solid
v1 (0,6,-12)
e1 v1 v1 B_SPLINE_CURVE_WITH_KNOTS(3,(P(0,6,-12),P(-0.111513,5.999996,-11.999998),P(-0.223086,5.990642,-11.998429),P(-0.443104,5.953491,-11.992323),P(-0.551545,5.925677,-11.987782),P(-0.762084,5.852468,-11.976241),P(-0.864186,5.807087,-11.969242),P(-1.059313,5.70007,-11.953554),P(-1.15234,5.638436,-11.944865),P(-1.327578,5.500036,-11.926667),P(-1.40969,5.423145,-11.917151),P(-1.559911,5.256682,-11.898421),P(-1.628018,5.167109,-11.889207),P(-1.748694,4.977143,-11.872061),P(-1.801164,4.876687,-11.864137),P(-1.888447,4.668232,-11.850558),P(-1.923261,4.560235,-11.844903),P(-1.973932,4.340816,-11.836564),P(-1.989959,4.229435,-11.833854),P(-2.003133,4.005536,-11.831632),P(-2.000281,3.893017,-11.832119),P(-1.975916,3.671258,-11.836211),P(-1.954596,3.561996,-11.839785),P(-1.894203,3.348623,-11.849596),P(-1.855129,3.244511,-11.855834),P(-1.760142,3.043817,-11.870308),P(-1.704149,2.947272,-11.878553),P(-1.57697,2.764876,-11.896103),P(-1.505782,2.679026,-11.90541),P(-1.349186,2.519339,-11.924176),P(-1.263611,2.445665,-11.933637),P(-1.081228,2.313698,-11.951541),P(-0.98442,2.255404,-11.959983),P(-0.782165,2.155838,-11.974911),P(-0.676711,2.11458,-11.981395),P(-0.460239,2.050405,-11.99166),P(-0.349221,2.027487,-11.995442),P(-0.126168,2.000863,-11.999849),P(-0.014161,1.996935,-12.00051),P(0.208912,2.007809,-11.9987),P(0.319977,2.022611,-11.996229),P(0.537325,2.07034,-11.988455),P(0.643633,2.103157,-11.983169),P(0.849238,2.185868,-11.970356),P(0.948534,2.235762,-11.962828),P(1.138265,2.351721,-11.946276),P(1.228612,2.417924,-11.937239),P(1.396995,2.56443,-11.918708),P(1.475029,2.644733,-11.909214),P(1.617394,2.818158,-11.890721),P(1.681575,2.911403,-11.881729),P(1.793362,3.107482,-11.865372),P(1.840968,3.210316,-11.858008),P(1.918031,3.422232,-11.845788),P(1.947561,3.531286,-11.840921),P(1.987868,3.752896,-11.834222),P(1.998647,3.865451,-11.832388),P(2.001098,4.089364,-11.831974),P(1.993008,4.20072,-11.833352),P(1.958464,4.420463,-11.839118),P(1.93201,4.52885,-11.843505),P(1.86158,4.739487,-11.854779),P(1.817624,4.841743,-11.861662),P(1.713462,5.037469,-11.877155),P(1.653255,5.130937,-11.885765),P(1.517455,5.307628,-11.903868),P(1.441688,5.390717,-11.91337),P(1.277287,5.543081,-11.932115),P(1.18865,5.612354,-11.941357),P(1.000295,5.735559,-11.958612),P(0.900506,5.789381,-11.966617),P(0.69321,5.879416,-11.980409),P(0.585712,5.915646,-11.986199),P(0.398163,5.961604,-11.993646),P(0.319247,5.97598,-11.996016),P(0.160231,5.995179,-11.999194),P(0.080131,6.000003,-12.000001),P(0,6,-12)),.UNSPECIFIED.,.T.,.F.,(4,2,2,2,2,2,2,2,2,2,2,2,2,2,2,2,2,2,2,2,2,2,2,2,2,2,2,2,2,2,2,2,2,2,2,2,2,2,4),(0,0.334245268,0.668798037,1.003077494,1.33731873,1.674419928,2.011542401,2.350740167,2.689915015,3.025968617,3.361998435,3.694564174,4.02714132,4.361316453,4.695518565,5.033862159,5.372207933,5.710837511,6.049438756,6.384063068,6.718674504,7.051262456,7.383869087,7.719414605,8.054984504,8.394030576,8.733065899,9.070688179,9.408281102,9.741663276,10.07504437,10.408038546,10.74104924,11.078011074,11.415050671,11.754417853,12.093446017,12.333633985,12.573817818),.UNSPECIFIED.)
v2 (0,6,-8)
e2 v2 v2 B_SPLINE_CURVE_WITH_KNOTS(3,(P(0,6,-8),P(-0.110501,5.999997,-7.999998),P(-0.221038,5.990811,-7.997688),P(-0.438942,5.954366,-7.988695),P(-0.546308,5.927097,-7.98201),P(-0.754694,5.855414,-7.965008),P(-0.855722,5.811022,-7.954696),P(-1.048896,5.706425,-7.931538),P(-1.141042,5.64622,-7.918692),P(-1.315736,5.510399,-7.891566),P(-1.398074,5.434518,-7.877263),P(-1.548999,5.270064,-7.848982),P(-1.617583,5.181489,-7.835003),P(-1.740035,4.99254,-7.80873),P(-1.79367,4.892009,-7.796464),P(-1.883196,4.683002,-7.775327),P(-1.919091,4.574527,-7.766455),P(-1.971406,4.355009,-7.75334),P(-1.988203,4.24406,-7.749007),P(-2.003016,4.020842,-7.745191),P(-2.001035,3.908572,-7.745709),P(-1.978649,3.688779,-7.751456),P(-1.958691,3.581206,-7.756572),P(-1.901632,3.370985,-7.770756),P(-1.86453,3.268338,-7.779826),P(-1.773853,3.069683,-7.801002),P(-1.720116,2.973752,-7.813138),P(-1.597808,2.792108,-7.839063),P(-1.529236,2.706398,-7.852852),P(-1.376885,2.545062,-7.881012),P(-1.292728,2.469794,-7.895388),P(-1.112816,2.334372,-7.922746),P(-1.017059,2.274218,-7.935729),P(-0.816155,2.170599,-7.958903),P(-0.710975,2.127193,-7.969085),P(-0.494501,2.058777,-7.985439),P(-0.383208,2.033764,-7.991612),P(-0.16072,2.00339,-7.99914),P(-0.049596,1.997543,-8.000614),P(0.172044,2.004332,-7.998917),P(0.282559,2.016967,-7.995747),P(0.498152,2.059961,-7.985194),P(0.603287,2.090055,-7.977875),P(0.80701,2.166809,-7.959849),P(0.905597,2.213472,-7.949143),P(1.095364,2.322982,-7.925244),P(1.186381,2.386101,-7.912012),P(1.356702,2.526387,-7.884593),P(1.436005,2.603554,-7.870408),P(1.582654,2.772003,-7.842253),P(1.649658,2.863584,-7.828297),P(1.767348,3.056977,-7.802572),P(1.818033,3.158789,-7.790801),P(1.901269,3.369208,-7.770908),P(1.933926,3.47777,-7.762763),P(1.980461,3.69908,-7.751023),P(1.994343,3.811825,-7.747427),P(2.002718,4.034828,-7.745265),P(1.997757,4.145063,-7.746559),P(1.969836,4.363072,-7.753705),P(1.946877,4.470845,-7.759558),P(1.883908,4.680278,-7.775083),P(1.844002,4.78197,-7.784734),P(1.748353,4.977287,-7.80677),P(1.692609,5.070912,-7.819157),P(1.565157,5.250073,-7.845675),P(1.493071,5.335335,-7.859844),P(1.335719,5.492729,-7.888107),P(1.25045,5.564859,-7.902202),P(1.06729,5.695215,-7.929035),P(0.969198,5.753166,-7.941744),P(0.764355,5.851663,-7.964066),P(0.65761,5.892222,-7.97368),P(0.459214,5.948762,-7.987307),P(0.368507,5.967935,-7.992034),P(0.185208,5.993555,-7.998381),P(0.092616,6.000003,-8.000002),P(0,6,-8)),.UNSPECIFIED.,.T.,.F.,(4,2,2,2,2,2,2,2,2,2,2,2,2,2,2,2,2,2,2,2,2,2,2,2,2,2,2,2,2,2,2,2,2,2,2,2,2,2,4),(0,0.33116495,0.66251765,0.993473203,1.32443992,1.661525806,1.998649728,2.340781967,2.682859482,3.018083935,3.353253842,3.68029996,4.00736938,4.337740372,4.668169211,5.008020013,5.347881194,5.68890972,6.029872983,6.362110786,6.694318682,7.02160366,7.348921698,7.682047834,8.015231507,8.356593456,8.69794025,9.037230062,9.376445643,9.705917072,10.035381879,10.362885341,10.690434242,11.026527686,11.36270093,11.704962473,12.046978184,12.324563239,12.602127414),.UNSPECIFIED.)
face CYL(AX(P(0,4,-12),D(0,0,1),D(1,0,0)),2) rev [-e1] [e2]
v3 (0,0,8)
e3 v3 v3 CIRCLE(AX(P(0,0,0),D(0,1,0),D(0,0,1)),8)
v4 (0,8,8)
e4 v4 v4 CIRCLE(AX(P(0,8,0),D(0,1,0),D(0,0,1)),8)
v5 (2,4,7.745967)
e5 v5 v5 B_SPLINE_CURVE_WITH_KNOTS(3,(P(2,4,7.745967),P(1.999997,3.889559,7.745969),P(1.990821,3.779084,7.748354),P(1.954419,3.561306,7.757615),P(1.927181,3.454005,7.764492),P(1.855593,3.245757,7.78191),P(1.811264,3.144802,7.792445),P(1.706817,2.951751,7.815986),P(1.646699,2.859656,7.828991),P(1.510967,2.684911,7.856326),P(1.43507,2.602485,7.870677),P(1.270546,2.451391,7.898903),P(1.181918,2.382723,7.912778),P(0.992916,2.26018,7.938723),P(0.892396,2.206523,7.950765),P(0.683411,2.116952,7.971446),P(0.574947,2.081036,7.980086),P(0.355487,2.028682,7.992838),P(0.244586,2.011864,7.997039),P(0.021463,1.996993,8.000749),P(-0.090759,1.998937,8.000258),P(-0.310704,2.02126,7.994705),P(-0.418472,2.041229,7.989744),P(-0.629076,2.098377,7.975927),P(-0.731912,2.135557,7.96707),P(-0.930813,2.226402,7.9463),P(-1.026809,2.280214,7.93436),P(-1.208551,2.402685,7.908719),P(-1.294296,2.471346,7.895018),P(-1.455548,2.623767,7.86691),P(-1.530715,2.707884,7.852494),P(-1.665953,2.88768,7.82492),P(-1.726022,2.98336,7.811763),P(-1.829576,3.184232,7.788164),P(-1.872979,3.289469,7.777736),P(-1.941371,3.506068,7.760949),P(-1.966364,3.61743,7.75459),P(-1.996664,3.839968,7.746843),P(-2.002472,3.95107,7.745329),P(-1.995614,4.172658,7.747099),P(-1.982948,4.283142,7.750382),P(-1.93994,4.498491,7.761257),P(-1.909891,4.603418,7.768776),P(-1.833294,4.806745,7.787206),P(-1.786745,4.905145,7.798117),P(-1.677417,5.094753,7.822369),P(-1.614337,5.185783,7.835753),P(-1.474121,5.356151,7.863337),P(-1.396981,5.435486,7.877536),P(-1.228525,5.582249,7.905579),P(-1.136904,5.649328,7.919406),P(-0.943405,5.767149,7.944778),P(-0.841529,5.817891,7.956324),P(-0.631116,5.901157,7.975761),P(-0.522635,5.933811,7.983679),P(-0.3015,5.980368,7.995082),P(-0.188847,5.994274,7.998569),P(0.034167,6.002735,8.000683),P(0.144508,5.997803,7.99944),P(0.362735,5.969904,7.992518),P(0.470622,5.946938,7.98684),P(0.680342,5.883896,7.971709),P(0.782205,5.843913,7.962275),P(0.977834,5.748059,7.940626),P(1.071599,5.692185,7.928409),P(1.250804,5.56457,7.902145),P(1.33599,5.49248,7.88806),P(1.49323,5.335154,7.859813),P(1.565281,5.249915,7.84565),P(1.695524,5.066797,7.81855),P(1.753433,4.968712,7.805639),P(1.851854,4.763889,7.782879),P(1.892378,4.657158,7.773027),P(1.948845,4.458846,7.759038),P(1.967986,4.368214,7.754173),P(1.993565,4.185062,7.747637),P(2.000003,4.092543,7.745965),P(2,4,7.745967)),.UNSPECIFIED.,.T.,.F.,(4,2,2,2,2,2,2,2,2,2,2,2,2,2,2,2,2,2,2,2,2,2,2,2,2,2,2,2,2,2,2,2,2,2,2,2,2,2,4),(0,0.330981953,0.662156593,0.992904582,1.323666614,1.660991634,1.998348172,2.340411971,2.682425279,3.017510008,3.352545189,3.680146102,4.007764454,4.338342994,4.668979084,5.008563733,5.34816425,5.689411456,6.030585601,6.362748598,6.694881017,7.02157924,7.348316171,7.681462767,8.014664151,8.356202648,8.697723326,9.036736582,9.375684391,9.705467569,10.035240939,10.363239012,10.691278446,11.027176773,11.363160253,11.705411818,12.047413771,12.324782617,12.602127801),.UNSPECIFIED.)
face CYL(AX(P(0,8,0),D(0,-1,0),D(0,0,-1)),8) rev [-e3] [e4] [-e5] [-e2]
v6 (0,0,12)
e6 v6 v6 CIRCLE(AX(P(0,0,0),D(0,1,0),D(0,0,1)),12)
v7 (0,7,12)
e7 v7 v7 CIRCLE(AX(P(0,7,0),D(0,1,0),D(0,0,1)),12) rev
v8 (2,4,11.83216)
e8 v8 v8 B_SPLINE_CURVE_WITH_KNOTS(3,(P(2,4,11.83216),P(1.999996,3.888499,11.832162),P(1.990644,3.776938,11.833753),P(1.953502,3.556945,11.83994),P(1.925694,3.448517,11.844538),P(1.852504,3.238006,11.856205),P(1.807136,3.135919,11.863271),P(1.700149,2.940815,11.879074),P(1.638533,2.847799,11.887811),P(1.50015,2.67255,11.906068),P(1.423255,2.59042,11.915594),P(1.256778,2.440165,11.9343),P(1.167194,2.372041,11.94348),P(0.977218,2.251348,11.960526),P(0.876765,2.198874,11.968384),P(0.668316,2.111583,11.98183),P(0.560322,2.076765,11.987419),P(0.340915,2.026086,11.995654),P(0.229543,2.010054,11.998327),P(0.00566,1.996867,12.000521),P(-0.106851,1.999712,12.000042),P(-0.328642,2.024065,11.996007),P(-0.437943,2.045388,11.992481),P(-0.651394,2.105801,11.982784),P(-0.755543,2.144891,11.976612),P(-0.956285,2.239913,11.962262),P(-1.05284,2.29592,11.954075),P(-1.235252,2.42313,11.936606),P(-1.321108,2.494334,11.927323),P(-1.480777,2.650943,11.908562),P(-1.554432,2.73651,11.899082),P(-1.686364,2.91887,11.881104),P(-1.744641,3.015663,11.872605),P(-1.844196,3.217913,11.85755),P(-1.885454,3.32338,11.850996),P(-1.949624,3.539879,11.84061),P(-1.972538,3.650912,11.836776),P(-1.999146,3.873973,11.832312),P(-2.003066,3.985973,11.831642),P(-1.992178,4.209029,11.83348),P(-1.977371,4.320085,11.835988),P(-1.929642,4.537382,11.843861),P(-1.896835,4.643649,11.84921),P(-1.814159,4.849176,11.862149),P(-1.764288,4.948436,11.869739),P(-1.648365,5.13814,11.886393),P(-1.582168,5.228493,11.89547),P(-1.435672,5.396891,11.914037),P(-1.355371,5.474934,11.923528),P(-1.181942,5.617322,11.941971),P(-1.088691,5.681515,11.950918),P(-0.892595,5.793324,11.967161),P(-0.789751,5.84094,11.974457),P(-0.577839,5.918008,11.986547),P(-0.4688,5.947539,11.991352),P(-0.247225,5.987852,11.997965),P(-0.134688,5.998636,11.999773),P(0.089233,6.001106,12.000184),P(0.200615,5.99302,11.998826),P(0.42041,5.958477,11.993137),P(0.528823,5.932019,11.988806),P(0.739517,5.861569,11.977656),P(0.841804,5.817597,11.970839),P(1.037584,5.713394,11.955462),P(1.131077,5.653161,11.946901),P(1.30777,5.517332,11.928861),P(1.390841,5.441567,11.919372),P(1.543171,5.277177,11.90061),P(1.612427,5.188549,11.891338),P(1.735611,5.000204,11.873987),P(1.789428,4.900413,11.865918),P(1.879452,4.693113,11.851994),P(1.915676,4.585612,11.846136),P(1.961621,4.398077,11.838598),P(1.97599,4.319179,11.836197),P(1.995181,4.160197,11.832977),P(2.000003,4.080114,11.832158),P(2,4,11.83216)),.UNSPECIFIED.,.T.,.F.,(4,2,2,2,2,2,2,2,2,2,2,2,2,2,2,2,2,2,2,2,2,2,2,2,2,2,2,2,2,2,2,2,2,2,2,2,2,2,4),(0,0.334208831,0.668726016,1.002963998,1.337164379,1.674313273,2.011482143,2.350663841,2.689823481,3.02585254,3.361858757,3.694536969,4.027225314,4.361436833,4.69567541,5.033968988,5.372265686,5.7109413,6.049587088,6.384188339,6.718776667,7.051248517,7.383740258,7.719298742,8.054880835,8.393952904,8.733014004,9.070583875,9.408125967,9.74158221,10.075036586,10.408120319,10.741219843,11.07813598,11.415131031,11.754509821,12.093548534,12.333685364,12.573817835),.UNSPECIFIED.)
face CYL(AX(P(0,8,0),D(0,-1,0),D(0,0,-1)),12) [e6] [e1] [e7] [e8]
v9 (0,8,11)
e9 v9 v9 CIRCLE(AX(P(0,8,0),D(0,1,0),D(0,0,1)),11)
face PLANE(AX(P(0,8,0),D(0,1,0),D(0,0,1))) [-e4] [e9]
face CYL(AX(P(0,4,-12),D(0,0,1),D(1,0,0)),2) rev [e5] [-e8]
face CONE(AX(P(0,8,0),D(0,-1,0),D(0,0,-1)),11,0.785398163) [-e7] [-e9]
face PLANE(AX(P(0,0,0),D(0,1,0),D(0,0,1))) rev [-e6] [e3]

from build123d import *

# Parameters (mm, degrees)
SKETCH2_R               = 12
SKETCH2_R_2             = 8
BOSS_EXTRUDE1_DEPTH     = 8
CUT_EXTRUDE1_DEPTH      = 19.761663039
CUT_EXTRUDE1_DEPTH_BACK = 19.761663039
SKETCH3_R               = 2
CHAMFER1_SIZE           = 1


with BuildPart() as part:
    # Sketch2 → Boss-Extrude1 (new body)
    with BuildSketch(Plane(origin=(0, 0, 0), x_dir=(1, 0, 0), z_dir=(0, 1, 0))):
        with Locations(Location((0, 0, 0), (0, 0, 270))):
            Circle(SKETCH2_R)
        with Locations(Location((0, 0, 0), (0, 0, 270))):
            Circle(SKETCH2_R_2, mode=Mode.SUBTRACT)
    extrude(amount=BOSS_EXTRUDE1_DEPTH)

    # Sketch3 → Cut-Extrude1 (cut, two sides: drawn at the far end of the back side and taken through both)
    with BuildSketch(Plane.XY.offset(-CUT_EXTRUDE1_DEPTH_BACK)):
        with Locations((0, 4)):
            Circle(SKETCH3_R)
    extrude(amount=CUT_EXTRUDE1_DEPTH + CUT_EXTRUDE1_DEPTH_BACK, mode=Mode.SUBTRACT)

    # Chamfer1
    chamfer1_edges = [part.edges().sort_by_distance(p)[0] for p in [
        (0, 8, -12),
    ]]
    chamfer(chamfer1_edges, length=CHAMFER1_SIZE)


solid = part.part
